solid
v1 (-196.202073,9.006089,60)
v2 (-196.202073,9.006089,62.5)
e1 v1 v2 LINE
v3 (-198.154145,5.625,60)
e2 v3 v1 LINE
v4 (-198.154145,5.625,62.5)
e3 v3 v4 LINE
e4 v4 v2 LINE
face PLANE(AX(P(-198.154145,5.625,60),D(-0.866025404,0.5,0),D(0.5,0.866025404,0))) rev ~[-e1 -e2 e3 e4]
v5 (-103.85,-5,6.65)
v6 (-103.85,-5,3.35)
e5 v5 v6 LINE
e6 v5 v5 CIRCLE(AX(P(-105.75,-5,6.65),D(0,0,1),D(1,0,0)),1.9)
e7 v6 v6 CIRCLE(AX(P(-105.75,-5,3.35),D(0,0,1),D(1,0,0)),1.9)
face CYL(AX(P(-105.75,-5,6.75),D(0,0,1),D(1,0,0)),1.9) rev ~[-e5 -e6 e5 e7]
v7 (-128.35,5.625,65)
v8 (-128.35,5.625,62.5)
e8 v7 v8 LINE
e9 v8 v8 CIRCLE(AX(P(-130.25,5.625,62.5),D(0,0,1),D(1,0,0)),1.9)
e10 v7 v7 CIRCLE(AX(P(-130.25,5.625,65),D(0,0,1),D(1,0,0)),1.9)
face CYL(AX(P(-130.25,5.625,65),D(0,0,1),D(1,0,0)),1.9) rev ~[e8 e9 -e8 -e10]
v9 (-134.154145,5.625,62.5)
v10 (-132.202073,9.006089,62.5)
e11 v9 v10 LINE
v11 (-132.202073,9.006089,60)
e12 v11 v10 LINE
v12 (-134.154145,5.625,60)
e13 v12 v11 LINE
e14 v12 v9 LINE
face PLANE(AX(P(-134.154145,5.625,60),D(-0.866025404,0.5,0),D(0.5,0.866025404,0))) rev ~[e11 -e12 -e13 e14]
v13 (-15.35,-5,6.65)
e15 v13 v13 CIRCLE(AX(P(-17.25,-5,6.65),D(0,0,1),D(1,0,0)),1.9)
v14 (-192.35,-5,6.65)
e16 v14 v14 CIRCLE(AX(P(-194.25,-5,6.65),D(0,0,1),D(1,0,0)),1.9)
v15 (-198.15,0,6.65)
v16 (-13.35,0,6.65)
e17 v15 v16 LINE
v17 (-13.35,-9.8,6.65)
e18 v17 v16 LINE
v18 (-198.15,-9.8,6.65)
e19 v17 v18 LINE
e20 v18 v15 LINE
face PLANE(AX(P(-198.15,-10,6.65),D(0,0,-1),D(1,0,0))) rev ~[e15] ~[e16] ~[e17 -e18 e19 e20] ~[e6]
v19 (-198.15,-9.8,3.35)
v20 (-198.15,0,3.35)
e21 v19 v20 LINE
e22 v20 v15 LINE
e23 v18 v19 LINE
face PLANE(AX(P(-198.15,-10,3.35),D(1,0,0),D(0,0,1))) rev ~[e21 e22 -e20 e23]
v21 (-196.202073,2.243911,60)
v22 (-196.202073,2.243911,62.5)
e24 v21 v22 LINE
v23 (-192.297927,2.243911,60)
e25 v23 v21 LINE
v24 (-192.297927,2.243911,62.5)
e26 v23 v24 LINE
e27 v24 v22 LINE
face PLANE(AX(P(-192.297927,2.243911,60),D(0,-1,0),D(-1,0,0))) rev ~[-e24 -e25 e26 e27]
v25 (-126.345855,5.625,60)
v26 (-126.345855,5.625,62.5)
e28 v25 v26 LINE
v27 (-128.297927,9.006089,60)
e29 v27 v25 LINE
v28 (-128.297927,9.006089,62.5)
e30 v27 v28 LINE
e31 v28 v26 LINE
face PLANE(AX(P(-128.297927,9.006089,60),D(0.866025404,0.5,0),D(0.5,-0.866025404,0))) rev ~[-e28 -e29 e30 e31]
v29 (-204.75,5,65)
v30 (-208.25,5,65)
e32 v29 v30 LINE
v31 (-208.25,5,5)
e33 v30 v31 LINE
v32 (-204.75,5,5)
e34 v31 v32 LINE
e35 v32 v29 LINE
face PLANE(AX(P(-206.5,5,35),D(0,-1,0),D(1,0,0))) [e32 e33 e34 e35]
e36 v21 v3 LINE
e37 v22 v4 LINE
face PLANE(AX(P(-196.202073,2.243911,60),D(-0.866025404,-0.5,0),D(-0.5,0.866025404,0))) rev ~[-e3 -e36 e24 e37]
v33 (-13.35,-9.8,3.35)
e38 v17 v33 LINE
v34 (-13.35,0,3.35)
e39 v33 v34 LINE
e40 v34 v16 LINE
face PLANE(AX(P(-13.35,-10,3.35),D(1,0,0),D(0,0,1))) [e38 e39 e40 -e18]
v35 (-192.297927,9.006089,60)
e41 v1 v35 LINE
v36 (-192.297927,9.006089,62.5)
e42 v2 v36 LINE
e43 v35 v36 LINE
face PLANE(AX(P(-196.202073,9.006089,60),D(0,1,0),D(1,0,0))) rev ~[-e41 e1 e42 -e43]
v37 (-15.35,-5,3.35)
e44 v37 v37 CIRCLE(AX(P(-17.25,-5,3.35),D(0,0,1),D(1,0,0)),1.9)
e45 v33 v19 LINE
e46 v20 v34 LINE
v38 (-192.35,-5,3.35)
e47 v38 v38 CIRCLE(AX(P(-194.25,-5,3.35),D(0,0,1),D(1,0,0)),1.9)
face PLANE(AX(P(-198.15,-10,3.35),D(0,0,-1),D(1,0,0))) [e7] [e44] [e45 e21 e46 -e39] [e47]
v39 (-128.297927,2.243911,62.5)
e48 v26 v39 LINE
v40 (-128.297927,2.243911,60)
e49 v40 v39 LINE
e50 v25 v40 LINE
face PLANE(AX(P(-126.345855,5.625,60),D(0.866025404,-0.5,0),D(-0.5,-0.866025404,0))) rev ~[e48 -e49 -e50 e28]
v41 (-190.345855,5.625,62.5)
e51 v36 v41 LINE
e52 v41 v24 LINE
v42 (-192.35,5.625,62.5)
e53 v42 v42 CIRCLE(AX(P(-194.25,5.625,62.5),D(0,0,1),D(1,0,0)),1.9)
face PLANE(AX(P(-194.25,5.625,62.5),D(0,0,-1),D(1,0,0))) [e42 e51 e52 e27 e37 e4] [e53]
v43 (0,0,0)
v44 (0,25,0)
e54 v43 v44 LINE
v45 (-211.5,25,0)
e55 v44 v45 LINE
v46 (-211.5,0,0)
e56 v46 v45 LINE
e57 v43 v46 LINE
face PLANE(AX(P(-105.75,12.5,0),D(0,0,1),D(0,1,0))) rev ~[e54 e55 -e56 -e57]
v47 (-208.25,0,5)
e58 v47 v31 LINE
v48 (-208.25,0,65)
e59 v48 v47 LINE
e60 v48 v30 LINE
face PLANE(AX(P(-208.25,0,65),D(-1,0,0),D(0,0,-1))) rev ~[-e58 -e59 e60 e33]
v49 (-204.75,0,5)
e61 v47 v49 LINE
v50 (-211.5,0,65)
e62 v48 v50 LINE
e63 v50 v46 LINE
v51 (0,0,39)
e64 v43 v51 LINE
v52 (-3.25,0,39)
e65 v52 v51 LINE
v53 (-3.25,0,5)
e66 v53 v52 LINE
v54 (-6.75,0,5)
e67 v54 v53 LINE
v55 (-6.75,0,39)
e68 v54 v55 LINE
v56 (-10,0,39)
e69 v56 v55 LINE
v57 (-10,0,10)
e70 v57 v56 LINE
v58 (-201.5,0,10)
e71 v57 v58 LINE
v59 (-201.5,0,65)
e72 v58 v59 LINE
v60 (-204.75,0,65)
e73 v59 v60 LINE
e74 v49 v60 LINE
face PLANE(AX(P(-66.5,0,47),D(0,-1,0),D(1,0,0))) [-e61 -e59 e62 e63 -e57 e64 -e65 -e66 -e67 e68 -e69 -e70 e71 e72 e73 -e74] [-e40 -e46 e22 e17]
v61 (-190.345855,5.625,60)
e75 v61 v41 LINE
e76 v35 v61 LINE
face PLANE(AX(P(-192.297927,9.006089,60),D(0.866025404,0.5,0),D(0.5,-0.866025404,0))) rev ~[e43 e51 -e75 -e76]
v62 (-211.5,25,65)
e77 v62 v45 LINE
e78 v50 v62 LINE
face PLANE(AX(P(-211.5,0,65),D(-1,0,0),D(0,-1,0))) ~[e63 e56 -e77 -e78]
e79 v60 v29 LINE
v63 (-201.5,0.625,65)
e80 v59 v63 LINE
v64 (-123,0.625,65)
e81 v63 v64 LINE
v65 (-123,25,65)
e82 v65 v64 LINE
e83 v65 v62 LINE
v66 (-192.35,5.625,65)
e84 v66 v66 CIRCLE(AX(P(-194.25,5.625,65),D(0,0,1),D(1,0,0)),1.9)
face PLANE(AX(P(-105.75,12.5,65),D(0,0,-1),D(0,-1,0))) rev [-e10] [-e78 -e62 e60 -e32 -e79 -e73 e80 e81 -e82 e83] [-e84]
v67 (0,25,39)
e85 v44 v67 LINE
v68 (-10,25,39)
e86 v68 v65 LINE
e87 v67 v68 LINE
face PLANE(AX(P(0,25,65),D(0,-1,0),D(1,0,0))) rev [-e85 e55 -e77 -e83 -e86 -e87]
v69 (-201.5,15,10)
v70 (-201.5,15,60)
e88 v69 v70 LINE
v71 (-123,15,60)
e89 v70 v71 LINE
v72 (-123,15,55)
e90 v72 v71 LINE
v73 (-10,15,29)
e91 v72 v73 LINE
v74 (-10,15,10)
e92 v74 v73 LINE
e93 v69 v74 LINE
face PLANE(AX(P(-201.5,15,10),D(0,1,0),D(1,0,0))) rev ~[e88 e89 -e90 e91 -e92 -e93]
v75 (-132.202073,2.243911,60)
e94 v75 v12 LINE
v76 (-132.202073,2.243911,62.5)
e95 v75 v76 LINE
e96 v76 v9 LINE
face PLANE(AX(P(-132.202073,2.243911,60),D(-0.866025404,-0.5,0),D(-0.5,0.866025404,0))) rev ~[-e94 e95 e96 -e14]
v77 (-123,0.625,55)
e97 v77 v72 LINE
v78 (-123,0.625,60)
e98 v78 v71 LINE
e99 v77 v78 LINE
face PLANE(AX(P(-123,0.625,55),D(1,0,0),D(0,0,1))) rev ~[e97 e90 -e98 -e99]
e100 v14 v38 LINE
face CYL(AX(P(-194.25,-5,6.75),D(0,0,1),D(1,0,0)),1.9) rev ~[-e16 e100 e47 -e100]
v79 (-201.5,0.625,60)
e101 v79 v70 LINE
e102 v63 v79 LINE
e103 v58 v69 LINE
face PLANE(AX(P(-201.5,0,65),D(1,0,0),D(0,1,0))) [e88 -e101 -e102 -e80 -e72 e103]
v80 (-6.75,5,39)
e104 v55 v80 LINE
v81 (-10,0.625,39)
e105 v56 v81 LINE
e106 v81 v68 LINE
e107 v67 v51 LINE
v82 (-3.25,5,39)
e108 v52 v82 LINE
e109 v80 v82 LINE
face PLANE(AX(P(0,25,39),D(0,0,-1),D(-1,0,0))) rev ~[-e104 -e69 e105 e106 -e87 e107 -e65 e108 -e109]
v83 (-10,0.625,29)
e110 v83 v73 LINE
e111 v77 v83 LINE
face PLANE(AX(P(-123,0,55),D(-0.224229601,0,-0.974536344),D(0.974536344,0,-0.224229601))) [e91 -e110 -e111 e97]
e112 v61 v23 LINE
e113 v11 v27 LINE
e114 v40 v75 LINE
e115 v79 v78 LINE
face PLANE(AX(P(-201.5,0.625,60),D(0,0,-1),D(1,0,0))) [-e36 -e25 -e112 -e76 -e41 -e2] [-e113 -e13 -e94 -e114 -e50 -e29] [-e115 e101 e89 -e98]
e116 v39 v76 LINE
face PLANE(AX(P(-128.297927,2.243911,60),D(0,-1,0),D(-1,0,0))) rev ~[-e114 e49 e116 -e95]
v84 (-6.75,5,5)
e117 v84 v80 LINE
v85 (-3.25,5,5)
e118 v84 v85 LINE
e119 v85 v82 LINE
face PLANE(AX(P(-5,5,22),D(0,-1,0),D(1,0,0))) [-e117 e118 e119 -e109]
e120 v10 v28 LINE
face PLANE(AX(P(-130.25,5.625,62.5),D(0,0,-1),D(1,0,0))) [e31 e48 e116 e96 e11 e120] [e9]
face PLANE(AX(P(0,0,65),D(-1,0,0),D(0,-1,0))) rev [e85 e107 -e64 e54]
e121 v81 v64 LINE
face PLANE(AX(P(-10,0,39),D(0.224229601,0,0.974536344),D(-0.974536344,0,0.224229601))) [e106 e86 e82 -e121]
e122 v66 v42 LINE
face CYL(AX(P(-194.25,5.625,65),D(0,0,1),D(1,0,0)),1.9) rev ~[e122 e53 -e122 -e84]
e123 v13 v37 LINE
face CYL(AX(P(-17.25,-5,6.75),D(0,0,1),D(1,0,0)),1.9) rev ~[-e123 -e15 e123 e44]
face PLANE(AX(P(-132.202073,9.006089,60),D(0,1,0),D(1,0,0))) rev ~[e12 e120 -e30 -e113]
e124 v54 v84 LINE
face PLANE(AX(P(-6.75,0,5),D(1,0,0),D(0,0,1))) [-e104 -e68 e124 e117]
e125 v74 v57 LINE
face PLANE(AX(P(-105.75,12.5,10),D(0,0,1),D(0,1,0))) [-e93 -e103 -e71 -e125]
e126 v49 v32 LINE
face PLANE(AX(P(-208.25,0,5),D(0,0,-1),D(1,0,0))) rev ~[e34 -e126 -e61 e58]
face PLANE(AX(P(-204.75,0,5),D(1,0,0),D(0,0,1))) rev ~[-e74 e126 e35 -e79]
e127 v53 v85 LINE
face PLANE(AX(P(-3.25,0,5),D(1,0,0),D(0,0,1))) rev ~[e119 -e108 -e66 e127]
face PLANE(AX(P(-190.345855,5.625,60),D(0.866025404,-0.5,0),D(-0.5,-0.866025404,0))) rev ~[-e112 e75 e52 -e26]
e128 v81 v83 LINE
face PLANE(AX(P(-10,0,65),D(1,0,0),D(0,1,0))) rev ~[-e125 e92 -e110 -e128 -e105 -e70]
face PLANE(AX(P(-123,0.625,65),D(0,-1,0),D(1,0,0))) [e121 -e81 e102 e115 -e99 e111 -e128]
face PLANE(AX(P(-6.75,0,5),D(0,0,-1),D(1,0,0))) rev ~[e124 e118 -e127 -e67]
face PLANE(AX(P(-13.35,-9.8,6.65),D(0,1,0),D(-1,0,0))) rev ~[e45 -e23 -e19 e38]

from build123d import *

# Parameters (mm, degrees)
SKETCH1_W           = 25
SKETCH1_H           = 211.5
BOSS_EXTRUDE1_DEPTH = 10
SKETCH2_W           = 10
SKETCH2_H           = 15
SKETCH2_H_2         = 10
SKETCH2_W_2         = 191.5
BOSS_EXTRUDE2_DEPTH = 45
SKETCH3_3_W         = 185
SKETCH3_3_H         = 3.5
BOSS_EXTRUDE4_DEPTH = 10
CUT_EXTRUDE11_REACH = 222.795
SKETCH15_R          = 1.9
LPATTERN2_COUNT     = 3
LPATTERN2_PITCH     = 88.5
SKETCH16_W          = 185
SKETCH16_H          = 3.5
SKETCH16_W_2        = 184.8
SKETCH16_H_2        = 3.3
CUT_EXTRUDE12_DEPTH = 10
CUT_EXTRUDE13_REACH = 222.821
SKETCH17_W          = 184.8
SKETCH17_H          = 0.2
CUT_EXTRUDE3_REACH  = 225.983
BOSS_EXTRUDE3_REACH = 224.671
CUT_EXTRUDE4_REACH  = 224.671
SKETCH10_W          = 78.5
SKETCH10_H          = 0.625
SKETCH10_W_2        = 113
SKETCH4_W           = 3.5
SKETCH4_H           = 34
CUT_EXTRUDE2_DEPTH  = 5
CUT_EXTRUDE5_DEPTH  = 5
SKETCH12_W          = 78.5
SKETCH12_H          = 5
CUT_EXTRUDE6_DEPTH  = 14.375
CUT_EXTRUDE7_REACH  = 224.671
SKETCH9_R           = 1.9
CUT_EXTRUDE9_DEPTH  = 2.5
LPATTERN1_COUNT     = 2
LPATTERN1_PITCH     = 64


with BuildPart() as part:
    # Sketch1 → Boss-Extrude1 (new body)
    with BuildSketch(Plane(origin=(0, 0, 0), x_dir=(0, 1, 0), z_dir=(0, 0, 1))):
        with Locations((12.5, 105.75)):
            Rectangle(SKETCH1_W, SKETCH1_H)
    boss_extrude1 = extrude(amount=BOSS_EXTRUDE1_DEPTH)

    # Sketch2 → Boss-Extrude2 (add)
    with BuildSketch(Plane.XY.offset(10)):
        with Locations((-5, 7.5)):
            Rectangle(SKETCH2_W, SKETCH2_H)
        with Locations((-5, 20)):
            Rectangle(SKETCH2_W, SKETCH2_H_2)
        with Locations((-105.75, 20)):
            Rectangle(SKETCH2_W_2, SKETCH2_H_2)
        with Locations((-206.5, 20)):
            Rectangle(SKETCH2_W, SKETCH2_H_2)
        with Locations((-206.5, 7.5)):
            Rectangle(SKETCH2_W, SKETCH2_H)
    extrude(amount=BOSS_EXTRUDE2_DEPTH)

    # Mirror1: Boss-Extrude1 across plane
    add(boss_extrude1.mirror(Plane.XY.offset(32.5)))

    # Sketch3<3> → Boss-Extrude4 (add)
    with BuildSketch(Plane.XZ):
        with Locations((-105.75, 5)):
            Rectangle(SKETCH3_3_W, SKETCH3_3_H)
    extrude(amount=BOSS_EXTRUDE4_DEPTH)

    # Sketch15 → Cut-Extrude11 (cut, up to next)
    with BuildSketch(Plane(origin=(0, 0, 6.75), x_dir=(-1, 0, 0), z_dir=(0, 0, 1)), mode=Mode.PRIVATE) as cut_extrude11_sk1:
        with Locations(Location((194.25, 5, 0), (0, 0, 180))):
            Circle(SKETCH15_R)
    cut_extrude11_tool1 = extrude(cut_extrude11_sk1.sketch, amount=-CUT_EXTRUDE11_REACH, mode=Mode.PRIVATE) & part.part
    cut_extrude11 = cut_extrude11_tool1.solids().sort_by_distance((-194.25, -5, 6.75))[0]
    add(cut_extrude11, mode=Mode.SUBTRACT)

    # LPattern2: Cut-Extrude11 ×3
    with Locations(*[(i * LPATTERN2_PITCH, 0, 0) for i in range(1, LPATTERN2_COUNT)]):
        add(cut_extrude11, mode=Mode.SUBTRACT)

    # Sketch16 → Cut-Extrude12 (cut)
    with BuildSketch(Plane.XZ.offset(10)):
        with Locations((-105.75, 5)):
            Rectangle(SKETCH16_W, SKETCH16_H)
        with Locations((-105.75, 5)):
            Rectangle(SKETCH16_W_2, SKETCH16_H_2, mode=Mode.SUBTRACT)
    extrude(amount=-CUT_EXTRUDE12_DEPTH, mode=Mode.SUBTRACT)

    # Sketch17 → Cut-Extrude13 (cut, up to next)
    with BuildSketch(Plane(origin=(0, 0, 6.65), x_dir=(-1, 0, 0), z_dir=(0, 0, 1)), mode=Mode.PRIVATE) as cut_extrude13_sk1:
        with Locations((105.75, 9.9)):
            Rectangle(SKETCH17_W, SKETCH17_H)
    cut_extrude13_tool1 = extrude(cut_extrude13_sk1.sketch, amount=-CUT_EXTRUDE13_REACH, mode=Mode.PRIVATE) & part.part
    add(cut_extrude13_tool1.solids().sort_by_distance((-105.75, -9.9, 6.65))[0], mode=Mode.SUBTRACT)

    # Sketch5 → Cut-Extrude3 (cut, up to next)
    with BuildSketch(Plane(origin=(0, 25, 0), x_dir=(-1, 0, 0), z_dir=(0, 1, 0)), mode=Mode.PRIVATE) as cut_extrude3_sk1:
        Polygon((0, 65), (0, 39), (10, 39), (123, 65), align=None)
    cut_extrude3_tool1 = extrude(cut_extrude3_sk1.sketch, amount=-CUT_EXTRUDE3_REACH, mode=Mode.PRIVATE) & part.part
    add(cut_extrude3_tool1.solids().sort_by_distance((-41.250627, 25, 55.681704))[0], mode=Mode.SUBTRACT)

    # Sketch7 → Boss-Extrude3 (add, up to next)
    with BuildSketch(Plane.XZ, mode=Mode.PRIVATE) as boss_extrude3_sk1:
        Polygon((-10, 39), (-123, 65), (-123, 55), (-10, 29), align=None)
    boss_extrude3_tool1 = extrude(boss_extrude3_sk1.sketch, amount=-BOSS_EXTRUDE3_REACH, mode=Mode.PRIVATE) - part.part
    add(boss_extrude3_tool1.solids().sort_by_distance((-66.5, 0, 47))[0])

    # Sketch10 → Cut-Extrude4 (cut, up to next)
    with BuildSketch(Plane.XY.offset(65), mode=Mode.PRIVATE) as cut_extrude4_sk1:
        with Locations((-162.25, 0.3125)):
            Rectangle(SKETCH10_W, SKETCH10_H)
    cut_extrude4_tool1 = extrude(cut_extrude4_sk1.sketch, amount=-CUT_EXTRUDE4_REACH, mode=Mode.PRIVATE) & part.part
    # Sketch10 → Cut-Extrude4 (cut, up to next)
    with BuildSketch(Plane.XY.offset(65), mode=Mode.PRIVATE) as cut_extrude4_sk2:
        with Locations((-66.5, 0.3125)):
            Rectangle(SKETCH10_W_2, SKETCH10_H)
    cut_extrude4_tool2 = extrude(cut_extrude4_sk2.sketch, amount=-CUT_EXTRUDE4_REACH, mode=Mode.PRIVATE) & part.part
    add(cut_extrude4_tool1.solids().sort_by_distance((-162.25, 0.3125, 65))[0], mode=Mode.SUBTRACT)
    add(cut_extrude4_tool2.solids().sort_by_distance((-66.5, 0.3125, 65))[0], mode=Mode.SUBTRACT)

    # Sketch4 → Cut-Extrude2 (cut)
    with BuildSketch(Plane.XZ):
        with Locations((-5, 22)):
            Rectangle(SKETCH4_W, SKETCH4_H)
    extrude(amount=-CUT_EXTRUDE2_DEPTH, mode=Mode.SUBTRACT)

    # Sketch11 → Cut-Extrude5 (cut)
    with BuildSketch(Plane.XZ):
        Polygon((-208.25, 15), (-208.25, 5), (-204.75, 5), (-204.75, 15), (-204.75, 65), (-208.25, 65), align=None)
    extrude(amount=-CUT_EXTRUDE5_DEPTH, mode=Mode.SUBTRACT)

    # Sketch12 → Cut-Extrude6 (cut)
    with BuildSketch(Plane.XZ.offset(-0.625)):
        with Locations((-162.25, 57.5)):
            Rectangle(SKETCH12_W, SKETCH12_H)
    extrude(amount=-CUT_EXTRUDE6_DEPTH, mode=Mode.SUBTRACT)

    # Sketch9 → Cut-Extrude7 (cut, up to next)
    with BuildSketch(Plane.XY.offset(65), mode=Mode.PRIVATE) as cut_extrude7_sk1:
        with Locations((-194.25, 5.625)):
            Circle(SKETCH9_R)
    cut_extrude7_tool1 = extrude(cut_extrude7_sk1.sketch, amount=-CUT_EXTRUDE7_REACH, mode=Mode.PRIVATE) & part.part
    cut_extrude7 = cut_extrude7_tool1.solids().sort_by_distance((-194.25, 5.625, 65))[0]
    add(cut_extrude7, mode=Mode.SUBTRACT)

    # Sketch13 → Cut-Extrude9 (cut)
    with BuildSketch(Plane(origin=(0, 0, 60), x_dir=(1, 0, 0), z_dir=(0, 0, -1))):
        Polygon((-192.297927406, -9.006088913), (-190.345854812, -5.625), (-192.297927406, -2.243911087), (-196.202072594, -2.243911087), (-198.154145188, -5.625), (-196.202072594, -9.006088913), align=None)
    cut_extrude9 = extrude(amount=-CUT_EXTRUDE9_DEPTH, mode=Mode.SUBTRACT)

    # LPattern1: Cut-Extrude7, Cut-Extrude9 ×2
    with Locations(*[(i * LPATTERN1_PITCH, 0, 0) for i in range(1, LPATTERN1_COUNT)]):
        add(cut_extrude7, mode=Mode.SUBTRACT)
        add(cut_extrude9, mode=Mode.SUBTRACT)


solid = part.part
